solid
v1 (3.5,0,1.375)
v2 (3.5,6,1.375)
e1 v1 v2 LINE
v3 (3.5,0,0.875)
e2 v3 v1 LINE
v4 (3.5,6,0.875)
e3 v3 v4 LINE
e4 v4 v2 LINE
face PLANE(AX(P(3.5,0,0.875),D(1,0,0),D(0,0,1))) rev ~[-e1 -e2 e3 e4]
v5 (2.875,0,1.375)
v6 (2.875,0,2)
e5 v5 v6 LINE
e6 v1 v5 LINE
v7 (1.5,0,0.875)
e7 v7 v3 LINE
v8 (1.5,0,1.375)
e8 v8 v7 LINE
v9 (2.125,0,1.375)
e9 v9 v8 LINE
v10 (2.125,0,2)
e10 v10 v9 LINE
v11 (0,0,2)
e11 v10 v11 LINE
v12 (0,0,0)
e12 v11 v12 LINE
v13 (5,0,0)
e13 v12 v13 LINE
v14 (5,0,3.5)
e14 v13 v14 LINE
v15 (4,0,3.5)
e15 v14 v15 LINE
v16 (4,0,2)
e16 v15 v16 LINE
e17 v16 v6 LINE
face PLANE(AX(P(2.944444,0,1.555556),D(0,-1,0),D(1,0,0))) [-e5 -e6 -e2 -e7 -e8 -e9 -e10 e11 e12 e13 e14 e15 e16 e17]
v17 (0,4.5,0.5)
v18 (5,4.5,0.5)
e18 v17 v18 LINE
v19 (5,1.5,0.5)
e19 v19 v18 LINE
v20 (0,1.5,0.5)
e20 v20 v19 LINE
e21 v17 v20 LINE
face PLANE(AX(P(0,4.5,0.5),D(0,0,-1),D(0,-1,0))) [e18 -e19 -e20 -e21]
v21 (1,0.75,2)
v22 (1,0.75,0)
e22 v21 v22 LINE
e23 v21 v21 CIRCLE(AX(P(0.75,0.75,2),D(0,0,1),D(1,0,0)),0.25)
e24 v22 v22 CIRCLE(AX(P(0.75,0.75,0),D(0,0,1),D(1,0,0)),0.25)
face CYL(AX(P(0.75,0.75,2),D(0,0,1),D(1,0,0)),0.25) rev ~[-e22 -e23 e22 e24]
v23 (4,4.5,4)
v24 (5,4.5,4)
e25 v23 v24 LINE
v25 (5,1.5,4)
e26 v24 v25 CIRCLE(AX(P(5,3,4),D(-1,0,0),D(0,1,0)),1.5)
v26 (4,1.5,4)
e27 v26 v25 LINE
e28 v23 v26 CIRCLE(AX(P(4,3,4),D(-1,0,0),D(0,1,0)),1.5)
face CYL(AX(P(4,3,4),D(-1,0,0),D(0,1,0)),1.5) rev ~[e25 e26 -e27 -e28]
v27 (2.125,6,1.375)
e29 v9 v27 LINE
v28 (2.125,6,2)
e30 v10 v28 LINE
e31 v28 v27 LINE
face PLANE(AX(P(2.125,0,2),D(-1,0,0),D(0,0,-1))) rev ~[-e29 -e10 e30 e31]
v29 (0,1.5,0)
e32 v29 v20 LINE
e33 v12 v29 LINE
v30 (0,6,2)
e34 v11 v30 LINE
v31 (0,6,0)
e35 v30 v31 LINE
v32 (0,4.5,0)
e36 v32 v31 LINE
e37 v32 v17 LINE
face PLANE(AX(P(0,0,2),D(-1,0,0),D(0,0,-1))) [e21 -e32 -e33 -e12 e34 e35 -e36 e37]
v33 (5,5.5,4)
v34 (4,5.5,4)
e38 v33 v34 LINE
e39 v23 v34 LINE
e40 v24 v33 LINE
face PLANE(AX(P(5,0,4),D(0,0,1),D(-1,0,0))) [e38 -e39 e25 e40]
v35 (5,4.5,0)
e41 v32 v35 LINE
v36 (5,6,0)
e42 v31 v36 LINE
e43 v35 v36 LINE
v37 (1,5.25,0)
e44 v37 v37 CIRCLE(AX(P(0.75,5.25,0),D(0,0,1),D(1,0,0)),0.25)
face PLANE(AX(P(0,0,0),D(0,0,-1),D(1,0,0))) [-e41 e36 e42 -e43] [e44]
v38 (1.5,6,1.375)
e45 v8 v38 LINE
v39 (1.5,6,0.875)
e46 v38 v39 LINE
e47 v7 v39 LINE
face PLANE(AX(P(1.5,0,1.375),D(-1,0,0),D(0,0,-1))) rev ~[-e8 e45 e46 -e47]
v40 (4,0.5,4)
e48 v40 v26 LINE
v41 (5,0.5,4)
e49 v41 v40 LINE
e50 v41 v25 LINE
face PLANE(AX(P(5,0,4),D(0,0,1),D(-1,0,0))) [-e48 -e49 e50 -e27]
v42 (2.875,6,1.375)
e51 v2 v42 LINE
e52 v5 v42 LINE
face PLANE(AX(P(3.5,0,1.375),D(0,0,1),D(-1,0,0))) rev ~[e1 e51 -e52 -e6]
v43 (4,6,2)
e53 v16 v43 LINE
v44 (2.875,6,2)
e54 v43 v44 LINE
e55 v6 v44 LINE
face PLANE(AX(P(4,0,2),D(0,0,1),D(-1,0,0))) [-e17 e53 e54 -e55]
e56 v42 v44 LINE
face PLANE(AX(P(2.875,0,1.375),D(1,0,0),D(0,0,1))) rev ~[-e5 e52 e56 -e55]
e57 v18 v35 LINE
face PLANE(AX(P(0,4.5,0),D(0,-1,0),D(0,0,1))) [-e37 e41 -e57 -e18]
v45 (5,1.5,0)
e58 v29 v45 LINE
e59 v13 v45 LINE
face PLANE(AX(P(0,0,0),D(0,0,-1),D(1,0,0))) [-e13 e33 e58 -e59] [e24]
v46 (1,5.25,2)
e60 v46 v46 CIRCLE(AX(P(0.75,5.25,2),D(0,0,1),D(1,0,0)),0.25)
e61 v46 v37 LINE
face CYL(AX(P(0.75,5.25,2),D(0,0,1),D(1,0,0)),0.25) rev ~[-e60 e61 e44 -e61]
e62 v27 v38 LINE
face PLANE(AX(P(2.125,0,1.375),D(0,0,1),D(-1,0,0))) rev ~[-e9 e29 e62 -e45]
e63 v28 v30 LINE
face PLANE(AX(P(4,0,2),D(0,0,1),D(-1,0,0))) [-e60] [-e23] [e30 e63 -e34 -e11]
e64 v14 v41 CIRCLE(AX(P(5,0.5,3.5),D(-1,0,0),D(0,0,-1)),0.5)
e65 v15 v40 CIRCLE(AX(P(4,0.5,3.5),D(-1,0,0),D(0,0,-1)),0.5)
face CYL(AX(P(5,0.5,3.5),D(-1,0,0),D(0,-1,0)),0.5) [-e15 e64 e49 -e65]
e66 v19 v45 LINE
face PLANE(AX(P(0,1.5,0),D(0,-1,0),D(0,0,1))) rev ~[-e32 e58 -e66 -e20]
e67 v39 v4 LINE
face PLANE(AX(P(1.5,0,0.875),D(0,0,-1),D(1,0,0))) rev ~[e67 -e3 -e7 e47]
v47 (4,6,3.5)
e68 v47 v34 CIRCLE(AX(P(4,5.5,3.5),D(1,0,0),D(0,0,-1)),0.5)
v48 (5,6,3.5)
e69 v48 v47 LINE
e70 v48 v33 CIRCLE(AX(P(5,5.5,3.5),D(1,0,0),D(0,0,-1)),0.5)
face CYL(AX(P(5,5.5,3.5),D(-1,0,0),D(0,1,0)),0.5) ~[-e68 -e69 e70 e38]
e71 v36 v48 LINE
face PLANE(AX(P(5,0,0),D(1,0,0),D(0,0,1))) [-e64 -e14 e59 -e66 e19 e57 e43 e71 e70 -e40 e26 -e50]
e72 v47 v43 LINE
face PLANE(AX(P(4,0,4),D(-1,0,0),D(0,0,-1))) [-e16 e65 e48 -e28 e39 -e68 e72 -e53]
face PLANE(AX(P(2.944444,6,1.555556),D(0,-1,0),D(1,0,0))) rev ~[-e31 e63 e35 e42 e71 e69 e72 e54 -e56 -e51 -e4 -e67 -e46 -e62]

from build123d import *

# Parameters (mm, degrees)
F1_DEPTH = 6
F3_DEPTH = 25
F4_W     = 3
F4_H     = 0.5
F5_DEPTH = 25
F6_R     = 0.25
F7_DEPTH = 25
F9_DEPTH = 25
F10_R    = 0.5


with BuildPart() as f1:
    # F0 (on Front) → F1 (new body)
    with BuildSketch(Plane.XZ):
        Polygon((0, 2), (0, 0), (5, 0), (5, 4), (4, 4), (4, 2), align=None)
    extrude(amount=-F1_DEPTH)

    # F2 (on face) → F3 (cut)
    with BuildSketch(Plane.XZ):
        Polygon((2.875, 2), (2.125, 2), (2.125, 1.375), (1.5, 1.375), (1.5, 0.875), (3.5, 0.875), (3.5, 1.375), (2.875, 1.375), align=None)
    extrude(amount=-F3_DEPTH, mode=Mode.SUBTRACT)

    # F4 (on face) → F5 (cut)
    with BuildSketch(Plane(origin=(0, 0, 0), x_dir=(0, -1, 0), z_dir=(-1, 0, 0))):
        with Locations((-3, 0.25)):
            Rectangle(F4_W, F4_H)
    extrude(amount=-F5_DEPTH, mode=Mode.SUBTRACT)

    # F6 (on face) → F7 (cut)
    with BuildSketch(Plane.XY.offset(2)):
        with Locations((0.75, 0.75)):
            Circle(F6_R)
        with Locations((0.75, 5.25)):
            Circle(F6_R)
    extrude(amount=-F7_DEPTH, mode=Mode.SUBTRACT)

    # F8 (on face) → F9 (cut)
    with BuildSketch(Plane(origin=(4, 0, 0), x_dir=(0, -1, 0), z_dir=(-1, 0, 0))):
        with BuildLine():
            Line((-1.5, 4), (-4.5, 4))
            ThreePointArc((-4.5, 4), (-3, 2.5), (-1.5, 4))
        make_face()
    extrude(amount=-F9_DEPTH, mode=Mode.SUBTRACT)

    # F10
    f10_edges = [f1.edges().sort_by_distance(p)[0] for p in [
        (4.5, 0, 4),
        (4.5, 6, 4),
    ]]
    fillet(f10_edges, radius=F10_R)


solid = f1.part
